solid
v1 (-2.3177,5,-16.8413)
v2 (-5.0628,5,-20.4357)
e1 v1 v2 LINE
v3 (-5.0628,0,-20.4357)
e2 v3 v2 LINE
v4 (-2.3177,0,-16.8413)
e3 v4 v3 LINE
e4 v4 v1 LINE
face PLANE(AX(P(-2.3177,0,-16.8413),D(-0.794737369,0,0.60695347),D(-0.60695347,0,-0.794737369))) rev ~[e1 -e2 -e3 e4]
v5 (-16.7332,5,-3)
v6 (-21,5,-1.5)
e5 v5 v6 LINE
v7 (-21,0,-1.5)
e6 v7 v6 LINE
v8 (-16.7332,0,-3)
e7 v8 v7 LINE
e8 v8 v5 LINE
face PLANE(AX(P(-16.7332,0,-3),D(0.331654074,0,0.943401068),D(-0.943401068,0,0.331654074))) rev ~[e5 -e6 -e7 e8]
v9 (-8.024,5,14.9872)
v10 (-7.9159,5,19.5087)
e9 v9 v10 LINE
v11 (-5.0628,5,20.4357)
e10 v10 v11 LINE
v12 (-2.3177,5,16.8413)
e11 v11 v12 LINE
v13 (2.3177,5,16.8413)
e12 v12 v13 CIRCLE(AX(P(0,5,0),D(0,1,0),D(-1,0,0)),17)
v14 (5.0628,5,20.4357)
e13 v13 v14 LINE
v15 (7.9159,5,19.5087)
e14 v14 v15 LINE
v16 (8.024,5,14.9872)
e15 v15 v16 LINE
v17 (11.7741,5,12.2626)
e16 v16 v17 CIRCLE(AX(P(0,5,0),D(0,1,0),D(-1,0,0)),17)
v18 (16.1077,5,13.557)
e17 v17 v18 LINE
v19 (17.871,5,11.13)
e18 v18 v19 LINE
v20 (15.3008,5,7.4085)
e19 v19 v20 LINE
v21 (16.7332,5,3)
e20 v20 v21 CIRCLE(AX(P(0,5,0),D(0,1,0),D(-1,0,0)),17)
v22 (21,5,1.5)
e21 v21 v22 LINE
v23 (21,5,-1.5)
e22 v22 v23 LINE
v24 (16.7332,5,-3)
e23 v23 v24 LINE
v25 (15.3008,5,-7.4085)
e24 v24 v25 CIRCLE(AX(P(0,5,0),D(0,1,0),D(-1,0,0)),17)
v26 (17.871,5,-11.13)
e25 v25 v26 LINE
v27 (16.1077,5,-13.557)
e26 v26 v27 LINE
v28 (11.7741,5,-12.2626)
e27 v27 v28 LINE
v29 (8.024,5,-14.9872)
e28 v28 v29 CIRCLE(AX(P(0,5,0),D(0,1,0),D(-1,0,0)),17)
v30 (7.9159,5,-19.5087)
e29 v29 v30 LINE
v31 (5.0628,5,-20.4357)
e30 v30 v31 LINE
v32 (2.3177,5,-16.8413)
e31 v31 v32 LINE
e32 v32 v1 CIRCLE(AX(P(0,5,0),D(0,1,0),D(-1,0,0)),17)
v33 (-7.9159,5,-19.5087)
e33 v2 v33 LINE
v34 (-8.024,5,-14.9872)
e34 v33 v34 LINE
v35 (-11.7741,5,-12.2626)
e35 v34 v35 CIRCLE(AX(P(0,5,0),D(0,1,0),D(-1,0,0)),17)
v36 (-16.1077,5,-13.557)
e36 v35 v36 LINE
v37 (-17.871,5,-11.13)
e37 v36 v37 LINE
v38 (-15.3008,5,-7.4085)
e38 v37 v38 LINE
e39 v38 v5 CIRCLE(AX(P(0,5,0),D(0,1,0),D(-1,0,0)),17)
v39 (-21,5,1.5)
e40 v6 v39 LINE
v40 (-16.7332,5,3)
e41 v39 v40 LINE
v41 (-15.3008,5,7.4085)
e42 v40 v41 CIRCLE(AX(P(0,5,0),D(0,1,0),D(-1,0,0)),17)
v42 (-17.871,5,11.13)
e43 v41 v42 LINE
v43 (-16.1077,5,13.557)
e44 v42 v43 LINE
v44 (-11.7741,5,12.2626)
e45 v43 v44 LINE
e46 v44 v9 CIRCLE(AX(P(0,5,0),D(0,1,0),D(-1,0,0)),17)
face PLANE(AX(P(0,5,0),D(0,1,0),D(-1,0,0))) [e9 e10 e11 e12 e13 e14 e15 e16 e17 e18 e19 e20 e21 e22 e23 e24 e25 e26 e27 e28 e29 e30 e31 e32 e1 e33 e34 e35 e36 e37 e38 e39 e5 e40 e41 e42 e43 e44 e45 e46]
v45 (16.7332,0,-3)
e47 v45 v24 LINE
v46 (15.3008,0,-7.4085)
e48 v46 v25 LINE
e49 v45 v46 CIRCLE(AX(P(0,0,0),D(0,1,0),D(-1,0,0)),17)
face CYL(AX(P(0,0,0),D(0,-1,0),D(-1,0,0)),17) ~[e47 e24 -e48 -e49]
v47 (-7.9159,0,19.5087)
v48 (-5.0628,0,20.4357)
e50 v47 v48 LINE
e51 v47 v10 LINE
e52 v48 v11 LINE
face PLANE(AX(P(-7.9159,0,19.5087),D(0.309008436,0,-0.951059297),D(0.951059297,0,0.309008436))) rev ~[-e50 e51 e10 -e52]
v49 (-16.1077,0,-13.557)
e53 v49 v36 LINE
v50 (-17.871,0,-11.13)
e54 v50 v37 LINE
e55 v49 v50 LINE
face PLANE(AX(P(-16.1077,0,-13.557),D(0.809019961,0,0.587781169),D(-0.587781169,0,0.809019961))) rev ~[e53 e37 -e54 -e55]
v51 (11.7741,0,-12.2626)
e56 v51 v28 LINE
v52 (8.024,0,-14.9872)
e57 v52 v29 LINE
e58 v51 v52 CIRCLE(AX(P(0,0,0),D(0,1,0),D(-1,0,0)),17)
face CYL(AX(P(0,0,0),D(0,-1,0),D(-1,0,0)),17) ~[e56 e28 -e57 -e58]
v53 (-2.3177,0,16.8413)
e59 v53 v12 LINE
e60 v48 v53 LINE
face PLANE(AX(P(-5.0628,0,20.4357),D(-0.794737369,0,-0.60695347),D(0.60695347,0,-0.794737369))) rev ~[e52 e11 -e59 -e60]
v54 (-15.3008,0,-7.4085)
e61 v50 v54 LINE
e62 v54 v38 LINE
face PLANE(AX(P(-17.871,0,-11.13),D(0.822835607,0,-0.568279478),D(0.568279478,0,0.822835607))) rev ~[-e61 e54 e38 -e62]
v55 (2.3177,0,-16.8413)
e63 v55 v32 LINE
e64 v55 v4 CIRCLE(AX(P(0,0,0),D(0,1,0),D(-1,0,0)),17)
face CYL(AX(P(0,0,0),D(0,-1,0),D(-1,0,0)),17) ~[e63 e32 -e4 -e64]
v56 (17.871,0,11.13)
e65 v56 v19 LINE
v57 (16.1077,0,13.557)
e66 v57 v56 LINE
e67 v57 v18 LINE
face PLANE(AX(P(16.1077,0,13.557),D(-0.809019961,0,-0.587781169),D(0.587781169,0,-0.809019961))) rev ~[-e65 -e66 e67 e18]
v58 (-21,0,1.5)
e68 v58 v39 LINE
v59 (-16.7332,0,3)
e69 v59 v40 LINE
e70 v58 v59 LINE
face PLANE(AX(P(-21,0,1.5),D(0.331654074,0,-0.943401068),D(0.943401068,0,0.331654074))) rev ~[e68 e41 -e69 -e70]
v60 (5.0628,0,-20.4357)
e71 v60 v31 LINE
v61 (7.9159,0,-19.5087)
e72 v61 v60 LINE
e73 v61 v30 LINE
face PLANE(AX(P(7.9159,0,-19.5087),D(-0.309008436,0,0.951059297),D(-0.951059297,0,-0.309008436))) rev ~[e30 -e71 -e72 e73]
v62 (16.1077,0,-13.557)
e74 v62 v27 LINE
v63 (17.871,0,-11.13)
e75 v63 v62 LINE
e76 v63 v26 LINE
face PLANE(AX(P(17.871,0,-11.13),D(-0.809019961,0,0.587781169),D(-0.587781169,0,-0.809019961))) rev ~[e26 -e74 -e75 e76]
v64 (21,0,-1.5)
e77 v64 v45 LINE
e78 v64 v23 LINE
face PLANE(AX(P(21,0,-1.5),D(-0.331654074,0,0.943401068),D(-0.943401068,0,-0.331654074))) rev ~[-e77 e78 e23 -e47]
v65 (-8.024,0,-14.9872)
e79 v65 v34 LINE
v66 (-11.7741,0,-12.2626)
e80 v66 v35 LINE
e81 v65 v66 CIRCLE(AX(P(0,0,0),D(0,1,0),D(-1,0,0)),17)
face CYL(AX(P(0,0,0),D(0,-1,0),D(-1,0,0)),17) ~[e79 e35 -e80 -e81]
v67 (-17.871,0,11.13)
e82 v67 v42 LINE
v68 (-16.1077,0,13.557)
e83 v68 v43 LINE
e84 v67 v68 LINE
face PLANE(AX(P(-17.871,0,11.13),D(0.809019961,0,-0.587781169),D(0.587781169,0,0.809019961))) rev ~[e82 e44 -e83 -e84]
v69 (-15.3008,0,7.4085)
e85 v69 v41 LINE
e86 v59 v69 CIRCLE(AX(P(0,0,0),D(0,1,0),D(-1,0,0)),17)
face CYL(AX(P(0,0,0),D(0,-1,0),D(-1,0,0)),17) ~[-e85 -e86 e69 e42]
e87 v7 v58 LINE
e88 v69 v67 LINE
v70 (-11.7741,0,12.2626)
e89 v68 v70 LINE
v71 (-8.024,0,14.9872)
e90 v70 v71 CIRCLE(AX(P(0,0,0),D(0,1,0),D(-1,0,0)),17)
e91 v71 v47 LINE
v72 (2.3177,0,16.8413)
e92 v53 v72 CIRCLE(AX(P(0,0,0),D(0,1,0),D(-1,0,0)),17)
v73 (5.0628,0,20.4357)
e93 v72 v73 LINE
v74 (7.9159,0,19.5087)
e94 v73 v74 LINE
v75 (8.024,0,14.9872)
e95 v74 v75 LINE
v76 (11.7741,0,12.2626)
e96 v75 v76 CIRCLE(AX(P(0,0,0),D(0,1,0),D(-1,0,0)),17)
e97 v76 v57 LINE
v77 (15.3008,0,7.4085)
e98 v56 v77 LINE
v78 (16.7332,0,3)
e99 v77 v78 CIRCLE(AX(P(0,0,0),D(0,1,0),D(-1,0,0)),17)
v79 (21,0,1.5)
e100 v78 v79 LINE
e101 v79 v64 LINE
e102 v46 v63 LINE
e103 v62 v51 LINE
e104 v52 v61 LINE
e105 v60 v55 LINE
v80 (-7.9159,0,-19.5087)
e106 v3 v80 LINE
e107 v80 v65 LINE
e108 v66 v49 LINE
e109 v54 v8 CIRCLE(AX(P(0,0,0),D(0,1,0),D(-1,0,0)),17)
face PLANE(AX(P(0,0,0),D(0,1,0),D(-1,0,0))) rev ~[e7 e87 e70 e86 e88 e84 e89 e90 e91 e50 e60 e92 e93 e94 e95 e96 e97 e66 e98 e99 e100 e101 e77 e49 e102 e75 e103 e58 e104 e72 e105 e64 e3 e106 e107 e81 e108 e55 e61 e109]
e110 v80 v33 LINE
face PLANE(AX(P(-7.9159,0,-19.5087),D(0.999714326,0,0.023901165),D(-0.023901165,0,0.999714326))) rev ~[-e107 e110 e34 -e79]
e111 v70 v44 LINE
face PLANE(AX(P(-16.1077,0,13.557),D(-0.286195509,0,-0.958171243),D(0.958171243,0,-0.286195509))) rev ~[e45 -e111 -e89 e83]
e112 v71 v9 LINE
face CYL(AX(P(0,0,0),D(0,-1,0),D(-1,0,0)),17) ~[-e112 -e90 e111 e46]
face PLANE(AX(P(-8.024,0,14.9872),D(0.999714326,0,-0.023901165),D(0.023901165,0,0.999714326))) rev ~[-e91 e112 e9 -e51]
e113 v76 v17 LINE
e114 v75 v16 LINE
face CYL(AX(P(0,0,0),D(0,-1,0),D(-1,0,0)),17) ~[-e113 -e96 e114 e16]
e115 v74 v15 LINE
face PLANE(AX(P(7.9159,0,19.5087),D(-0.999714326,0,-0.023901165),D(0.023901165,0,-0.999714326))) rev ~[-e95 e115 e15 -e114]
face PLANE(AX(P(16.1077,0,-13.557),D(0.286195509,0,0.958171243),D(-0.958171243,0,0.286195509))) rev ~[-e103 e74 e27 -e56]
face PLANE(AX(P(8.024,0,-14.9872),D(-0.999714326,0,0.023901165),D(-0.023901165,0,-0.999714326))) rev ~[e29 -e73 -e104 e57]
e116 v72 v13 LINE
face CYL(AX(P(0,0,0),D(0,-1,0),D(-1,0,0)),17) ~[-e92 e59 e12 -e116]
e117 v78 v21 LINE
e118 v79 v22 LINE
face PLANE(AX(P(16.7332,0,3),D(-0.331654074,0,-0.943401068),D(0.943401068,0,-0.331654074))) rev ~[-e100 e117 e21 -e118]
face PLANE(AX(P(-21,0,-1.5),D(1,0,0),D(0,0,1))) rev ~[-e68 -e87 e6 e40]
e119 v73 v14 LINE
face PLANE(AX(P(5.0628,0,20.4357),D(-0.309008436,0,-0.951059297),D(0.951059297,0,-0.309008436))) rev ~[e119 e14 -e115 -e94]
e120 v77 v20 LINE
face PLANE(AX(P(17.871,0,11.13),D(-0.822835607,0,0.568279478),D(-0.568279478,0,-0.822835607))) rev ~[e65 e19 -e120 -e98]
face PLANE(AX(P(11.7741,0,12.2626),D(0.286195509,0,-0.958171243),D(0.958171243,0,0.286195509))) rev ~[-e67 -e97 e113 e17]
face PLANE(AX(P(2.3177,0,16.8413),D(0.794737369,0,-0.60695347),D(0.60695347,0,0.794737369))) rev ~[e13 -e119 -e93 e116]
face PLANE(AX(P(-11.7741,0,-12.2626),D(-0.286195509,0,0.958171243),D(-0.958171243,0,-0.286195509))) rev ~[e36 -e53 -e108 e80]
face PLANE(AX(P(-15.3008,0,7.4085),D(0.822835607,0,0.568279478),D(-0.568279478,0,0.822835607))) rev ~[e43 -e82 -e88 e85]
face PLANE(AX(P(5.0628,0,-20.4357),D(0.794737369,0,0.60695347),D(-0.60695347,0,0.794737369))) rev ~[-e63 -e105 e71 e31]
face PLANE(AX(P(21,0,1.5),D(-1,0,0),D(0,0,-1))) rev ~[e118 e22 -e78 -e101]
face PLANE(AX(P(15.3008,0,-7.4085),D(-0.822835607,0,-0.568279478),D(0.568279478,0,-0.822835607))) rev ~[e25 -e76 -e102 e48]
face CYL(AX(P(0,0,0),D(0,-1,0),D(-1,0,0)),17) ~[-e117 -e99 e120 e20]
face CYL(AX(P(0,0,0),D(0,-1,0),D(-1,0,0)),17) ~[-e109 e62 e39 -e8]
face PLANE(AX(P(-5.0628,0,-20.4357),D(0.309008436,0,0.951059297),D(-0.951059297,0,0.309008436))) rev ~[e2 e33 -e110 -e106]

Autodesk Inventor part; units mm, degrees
ref_plane "YZ Plane" through (0, 0, 0) normal (1, 0, 0) x (0, 1, 0)
ref_plane "XZ Plane" through (0, 0, 0) normal (0, 1, 0) x (-1, 0, 0)
ref_plane "XY Plane" through (0, 0, 0) normal (0, 0, 1) x (1, 0, 0)
sketch "Sketch1" plane through (0, 0, 0) normal (0, 1, 0) x (-1, 0, 0)
  circle A0 centre (0, 0) radius 17
  line L0 (16.7332, -3) -> (21, -1.5)
  line L1 (21, -1.5) -> (21, 1.5)
  line L2 (21, 1.5) -> (16.7332, 3)
  line L3 (15.3008, 7.4085) -> (17.871, 11.13)
  line L4 (17.871, 11.13) -> (16.1077, 13.557)
  line L5 (16.1077, 13.557) -> (11.7741, 12.2626)
  line L6 (8.024, 14.9872) -> (7.9159, 19.5087)
  line L7 (7.9159, 19.5087) -> (5.0628, 20.4357)
  line L8 (5.0628, 20.4357) -> (2.3177, 16.8413)
  line L9 (-2.3177, 16.8413) -> (-5.0628, 20.4357)
  line L10 (-5.0628, 20.4357) -> (-7.9159, 19.5087)
  line L11 (-7.9159, 19.5087) -> (-8.024, 14.9872)
  line L12 (-11.7741, 12.2626) -> (-16.1077, 13.557)
  line L13 (-16.1077, 13.557) -> (-17.871, 11.13)
  line L14 (-17.871, 11.13) -> (-15.3008, 7.4085)
  line L15 (-16.7332, 3) -> (-21, 1.5)
  line L16 (-21, 1.5) -> (-21, -1.5)
  line L17 (-21, -1.5) -> (-16.7332, -3)
  line L18 (-15.3008, -7.4085) -> (-17.871, -11.13)
  line L19 (-17.871, -11.13) -> (-16.1077, -13.557)
  line L20 (-16.1077, -13.557) -> (-11.7741, -12.2626)
  line L21 (-8.024, -14.9872) -> (-7.9159, -19.5087)
  line L22 (-7.9159, -19.5087) -> (-5.0628, -20.4357)
  line L23 (-5.0628, -20.4357) -> (-2.3177, -16.8413)
  line L24 (2.3177, -16.8413) -> (5.0628, -20.4357)
  line L25 (5.0628, -20.4357) -> (7.9159, -19.5087)
  line L26 (7.9159, -19.5087) -> (8.024, -14.9872)
  line L27 (11.7741, -12.2626) -> (16.1077, -13.557)
  line L28 (16.1077, -13.557) -> (17.871, -11.13)
  line L29 (17.871, -11.13) -> (15.3008, -7.4085)
  dimension "d0" = 34
  dimension "d1" = 3
  dimension "d2" = 6
  dimension "d3" = 4
  dimension "d4" = 109.369
  dimension "d5" = 109.369
  dimension "d8" = 360
extrude "Extrusion1" add sketch "Sketch1" along normal blind 5
equation "\"d4\" = d5"
properties part number "AP-1-01-spur10Tooth"
